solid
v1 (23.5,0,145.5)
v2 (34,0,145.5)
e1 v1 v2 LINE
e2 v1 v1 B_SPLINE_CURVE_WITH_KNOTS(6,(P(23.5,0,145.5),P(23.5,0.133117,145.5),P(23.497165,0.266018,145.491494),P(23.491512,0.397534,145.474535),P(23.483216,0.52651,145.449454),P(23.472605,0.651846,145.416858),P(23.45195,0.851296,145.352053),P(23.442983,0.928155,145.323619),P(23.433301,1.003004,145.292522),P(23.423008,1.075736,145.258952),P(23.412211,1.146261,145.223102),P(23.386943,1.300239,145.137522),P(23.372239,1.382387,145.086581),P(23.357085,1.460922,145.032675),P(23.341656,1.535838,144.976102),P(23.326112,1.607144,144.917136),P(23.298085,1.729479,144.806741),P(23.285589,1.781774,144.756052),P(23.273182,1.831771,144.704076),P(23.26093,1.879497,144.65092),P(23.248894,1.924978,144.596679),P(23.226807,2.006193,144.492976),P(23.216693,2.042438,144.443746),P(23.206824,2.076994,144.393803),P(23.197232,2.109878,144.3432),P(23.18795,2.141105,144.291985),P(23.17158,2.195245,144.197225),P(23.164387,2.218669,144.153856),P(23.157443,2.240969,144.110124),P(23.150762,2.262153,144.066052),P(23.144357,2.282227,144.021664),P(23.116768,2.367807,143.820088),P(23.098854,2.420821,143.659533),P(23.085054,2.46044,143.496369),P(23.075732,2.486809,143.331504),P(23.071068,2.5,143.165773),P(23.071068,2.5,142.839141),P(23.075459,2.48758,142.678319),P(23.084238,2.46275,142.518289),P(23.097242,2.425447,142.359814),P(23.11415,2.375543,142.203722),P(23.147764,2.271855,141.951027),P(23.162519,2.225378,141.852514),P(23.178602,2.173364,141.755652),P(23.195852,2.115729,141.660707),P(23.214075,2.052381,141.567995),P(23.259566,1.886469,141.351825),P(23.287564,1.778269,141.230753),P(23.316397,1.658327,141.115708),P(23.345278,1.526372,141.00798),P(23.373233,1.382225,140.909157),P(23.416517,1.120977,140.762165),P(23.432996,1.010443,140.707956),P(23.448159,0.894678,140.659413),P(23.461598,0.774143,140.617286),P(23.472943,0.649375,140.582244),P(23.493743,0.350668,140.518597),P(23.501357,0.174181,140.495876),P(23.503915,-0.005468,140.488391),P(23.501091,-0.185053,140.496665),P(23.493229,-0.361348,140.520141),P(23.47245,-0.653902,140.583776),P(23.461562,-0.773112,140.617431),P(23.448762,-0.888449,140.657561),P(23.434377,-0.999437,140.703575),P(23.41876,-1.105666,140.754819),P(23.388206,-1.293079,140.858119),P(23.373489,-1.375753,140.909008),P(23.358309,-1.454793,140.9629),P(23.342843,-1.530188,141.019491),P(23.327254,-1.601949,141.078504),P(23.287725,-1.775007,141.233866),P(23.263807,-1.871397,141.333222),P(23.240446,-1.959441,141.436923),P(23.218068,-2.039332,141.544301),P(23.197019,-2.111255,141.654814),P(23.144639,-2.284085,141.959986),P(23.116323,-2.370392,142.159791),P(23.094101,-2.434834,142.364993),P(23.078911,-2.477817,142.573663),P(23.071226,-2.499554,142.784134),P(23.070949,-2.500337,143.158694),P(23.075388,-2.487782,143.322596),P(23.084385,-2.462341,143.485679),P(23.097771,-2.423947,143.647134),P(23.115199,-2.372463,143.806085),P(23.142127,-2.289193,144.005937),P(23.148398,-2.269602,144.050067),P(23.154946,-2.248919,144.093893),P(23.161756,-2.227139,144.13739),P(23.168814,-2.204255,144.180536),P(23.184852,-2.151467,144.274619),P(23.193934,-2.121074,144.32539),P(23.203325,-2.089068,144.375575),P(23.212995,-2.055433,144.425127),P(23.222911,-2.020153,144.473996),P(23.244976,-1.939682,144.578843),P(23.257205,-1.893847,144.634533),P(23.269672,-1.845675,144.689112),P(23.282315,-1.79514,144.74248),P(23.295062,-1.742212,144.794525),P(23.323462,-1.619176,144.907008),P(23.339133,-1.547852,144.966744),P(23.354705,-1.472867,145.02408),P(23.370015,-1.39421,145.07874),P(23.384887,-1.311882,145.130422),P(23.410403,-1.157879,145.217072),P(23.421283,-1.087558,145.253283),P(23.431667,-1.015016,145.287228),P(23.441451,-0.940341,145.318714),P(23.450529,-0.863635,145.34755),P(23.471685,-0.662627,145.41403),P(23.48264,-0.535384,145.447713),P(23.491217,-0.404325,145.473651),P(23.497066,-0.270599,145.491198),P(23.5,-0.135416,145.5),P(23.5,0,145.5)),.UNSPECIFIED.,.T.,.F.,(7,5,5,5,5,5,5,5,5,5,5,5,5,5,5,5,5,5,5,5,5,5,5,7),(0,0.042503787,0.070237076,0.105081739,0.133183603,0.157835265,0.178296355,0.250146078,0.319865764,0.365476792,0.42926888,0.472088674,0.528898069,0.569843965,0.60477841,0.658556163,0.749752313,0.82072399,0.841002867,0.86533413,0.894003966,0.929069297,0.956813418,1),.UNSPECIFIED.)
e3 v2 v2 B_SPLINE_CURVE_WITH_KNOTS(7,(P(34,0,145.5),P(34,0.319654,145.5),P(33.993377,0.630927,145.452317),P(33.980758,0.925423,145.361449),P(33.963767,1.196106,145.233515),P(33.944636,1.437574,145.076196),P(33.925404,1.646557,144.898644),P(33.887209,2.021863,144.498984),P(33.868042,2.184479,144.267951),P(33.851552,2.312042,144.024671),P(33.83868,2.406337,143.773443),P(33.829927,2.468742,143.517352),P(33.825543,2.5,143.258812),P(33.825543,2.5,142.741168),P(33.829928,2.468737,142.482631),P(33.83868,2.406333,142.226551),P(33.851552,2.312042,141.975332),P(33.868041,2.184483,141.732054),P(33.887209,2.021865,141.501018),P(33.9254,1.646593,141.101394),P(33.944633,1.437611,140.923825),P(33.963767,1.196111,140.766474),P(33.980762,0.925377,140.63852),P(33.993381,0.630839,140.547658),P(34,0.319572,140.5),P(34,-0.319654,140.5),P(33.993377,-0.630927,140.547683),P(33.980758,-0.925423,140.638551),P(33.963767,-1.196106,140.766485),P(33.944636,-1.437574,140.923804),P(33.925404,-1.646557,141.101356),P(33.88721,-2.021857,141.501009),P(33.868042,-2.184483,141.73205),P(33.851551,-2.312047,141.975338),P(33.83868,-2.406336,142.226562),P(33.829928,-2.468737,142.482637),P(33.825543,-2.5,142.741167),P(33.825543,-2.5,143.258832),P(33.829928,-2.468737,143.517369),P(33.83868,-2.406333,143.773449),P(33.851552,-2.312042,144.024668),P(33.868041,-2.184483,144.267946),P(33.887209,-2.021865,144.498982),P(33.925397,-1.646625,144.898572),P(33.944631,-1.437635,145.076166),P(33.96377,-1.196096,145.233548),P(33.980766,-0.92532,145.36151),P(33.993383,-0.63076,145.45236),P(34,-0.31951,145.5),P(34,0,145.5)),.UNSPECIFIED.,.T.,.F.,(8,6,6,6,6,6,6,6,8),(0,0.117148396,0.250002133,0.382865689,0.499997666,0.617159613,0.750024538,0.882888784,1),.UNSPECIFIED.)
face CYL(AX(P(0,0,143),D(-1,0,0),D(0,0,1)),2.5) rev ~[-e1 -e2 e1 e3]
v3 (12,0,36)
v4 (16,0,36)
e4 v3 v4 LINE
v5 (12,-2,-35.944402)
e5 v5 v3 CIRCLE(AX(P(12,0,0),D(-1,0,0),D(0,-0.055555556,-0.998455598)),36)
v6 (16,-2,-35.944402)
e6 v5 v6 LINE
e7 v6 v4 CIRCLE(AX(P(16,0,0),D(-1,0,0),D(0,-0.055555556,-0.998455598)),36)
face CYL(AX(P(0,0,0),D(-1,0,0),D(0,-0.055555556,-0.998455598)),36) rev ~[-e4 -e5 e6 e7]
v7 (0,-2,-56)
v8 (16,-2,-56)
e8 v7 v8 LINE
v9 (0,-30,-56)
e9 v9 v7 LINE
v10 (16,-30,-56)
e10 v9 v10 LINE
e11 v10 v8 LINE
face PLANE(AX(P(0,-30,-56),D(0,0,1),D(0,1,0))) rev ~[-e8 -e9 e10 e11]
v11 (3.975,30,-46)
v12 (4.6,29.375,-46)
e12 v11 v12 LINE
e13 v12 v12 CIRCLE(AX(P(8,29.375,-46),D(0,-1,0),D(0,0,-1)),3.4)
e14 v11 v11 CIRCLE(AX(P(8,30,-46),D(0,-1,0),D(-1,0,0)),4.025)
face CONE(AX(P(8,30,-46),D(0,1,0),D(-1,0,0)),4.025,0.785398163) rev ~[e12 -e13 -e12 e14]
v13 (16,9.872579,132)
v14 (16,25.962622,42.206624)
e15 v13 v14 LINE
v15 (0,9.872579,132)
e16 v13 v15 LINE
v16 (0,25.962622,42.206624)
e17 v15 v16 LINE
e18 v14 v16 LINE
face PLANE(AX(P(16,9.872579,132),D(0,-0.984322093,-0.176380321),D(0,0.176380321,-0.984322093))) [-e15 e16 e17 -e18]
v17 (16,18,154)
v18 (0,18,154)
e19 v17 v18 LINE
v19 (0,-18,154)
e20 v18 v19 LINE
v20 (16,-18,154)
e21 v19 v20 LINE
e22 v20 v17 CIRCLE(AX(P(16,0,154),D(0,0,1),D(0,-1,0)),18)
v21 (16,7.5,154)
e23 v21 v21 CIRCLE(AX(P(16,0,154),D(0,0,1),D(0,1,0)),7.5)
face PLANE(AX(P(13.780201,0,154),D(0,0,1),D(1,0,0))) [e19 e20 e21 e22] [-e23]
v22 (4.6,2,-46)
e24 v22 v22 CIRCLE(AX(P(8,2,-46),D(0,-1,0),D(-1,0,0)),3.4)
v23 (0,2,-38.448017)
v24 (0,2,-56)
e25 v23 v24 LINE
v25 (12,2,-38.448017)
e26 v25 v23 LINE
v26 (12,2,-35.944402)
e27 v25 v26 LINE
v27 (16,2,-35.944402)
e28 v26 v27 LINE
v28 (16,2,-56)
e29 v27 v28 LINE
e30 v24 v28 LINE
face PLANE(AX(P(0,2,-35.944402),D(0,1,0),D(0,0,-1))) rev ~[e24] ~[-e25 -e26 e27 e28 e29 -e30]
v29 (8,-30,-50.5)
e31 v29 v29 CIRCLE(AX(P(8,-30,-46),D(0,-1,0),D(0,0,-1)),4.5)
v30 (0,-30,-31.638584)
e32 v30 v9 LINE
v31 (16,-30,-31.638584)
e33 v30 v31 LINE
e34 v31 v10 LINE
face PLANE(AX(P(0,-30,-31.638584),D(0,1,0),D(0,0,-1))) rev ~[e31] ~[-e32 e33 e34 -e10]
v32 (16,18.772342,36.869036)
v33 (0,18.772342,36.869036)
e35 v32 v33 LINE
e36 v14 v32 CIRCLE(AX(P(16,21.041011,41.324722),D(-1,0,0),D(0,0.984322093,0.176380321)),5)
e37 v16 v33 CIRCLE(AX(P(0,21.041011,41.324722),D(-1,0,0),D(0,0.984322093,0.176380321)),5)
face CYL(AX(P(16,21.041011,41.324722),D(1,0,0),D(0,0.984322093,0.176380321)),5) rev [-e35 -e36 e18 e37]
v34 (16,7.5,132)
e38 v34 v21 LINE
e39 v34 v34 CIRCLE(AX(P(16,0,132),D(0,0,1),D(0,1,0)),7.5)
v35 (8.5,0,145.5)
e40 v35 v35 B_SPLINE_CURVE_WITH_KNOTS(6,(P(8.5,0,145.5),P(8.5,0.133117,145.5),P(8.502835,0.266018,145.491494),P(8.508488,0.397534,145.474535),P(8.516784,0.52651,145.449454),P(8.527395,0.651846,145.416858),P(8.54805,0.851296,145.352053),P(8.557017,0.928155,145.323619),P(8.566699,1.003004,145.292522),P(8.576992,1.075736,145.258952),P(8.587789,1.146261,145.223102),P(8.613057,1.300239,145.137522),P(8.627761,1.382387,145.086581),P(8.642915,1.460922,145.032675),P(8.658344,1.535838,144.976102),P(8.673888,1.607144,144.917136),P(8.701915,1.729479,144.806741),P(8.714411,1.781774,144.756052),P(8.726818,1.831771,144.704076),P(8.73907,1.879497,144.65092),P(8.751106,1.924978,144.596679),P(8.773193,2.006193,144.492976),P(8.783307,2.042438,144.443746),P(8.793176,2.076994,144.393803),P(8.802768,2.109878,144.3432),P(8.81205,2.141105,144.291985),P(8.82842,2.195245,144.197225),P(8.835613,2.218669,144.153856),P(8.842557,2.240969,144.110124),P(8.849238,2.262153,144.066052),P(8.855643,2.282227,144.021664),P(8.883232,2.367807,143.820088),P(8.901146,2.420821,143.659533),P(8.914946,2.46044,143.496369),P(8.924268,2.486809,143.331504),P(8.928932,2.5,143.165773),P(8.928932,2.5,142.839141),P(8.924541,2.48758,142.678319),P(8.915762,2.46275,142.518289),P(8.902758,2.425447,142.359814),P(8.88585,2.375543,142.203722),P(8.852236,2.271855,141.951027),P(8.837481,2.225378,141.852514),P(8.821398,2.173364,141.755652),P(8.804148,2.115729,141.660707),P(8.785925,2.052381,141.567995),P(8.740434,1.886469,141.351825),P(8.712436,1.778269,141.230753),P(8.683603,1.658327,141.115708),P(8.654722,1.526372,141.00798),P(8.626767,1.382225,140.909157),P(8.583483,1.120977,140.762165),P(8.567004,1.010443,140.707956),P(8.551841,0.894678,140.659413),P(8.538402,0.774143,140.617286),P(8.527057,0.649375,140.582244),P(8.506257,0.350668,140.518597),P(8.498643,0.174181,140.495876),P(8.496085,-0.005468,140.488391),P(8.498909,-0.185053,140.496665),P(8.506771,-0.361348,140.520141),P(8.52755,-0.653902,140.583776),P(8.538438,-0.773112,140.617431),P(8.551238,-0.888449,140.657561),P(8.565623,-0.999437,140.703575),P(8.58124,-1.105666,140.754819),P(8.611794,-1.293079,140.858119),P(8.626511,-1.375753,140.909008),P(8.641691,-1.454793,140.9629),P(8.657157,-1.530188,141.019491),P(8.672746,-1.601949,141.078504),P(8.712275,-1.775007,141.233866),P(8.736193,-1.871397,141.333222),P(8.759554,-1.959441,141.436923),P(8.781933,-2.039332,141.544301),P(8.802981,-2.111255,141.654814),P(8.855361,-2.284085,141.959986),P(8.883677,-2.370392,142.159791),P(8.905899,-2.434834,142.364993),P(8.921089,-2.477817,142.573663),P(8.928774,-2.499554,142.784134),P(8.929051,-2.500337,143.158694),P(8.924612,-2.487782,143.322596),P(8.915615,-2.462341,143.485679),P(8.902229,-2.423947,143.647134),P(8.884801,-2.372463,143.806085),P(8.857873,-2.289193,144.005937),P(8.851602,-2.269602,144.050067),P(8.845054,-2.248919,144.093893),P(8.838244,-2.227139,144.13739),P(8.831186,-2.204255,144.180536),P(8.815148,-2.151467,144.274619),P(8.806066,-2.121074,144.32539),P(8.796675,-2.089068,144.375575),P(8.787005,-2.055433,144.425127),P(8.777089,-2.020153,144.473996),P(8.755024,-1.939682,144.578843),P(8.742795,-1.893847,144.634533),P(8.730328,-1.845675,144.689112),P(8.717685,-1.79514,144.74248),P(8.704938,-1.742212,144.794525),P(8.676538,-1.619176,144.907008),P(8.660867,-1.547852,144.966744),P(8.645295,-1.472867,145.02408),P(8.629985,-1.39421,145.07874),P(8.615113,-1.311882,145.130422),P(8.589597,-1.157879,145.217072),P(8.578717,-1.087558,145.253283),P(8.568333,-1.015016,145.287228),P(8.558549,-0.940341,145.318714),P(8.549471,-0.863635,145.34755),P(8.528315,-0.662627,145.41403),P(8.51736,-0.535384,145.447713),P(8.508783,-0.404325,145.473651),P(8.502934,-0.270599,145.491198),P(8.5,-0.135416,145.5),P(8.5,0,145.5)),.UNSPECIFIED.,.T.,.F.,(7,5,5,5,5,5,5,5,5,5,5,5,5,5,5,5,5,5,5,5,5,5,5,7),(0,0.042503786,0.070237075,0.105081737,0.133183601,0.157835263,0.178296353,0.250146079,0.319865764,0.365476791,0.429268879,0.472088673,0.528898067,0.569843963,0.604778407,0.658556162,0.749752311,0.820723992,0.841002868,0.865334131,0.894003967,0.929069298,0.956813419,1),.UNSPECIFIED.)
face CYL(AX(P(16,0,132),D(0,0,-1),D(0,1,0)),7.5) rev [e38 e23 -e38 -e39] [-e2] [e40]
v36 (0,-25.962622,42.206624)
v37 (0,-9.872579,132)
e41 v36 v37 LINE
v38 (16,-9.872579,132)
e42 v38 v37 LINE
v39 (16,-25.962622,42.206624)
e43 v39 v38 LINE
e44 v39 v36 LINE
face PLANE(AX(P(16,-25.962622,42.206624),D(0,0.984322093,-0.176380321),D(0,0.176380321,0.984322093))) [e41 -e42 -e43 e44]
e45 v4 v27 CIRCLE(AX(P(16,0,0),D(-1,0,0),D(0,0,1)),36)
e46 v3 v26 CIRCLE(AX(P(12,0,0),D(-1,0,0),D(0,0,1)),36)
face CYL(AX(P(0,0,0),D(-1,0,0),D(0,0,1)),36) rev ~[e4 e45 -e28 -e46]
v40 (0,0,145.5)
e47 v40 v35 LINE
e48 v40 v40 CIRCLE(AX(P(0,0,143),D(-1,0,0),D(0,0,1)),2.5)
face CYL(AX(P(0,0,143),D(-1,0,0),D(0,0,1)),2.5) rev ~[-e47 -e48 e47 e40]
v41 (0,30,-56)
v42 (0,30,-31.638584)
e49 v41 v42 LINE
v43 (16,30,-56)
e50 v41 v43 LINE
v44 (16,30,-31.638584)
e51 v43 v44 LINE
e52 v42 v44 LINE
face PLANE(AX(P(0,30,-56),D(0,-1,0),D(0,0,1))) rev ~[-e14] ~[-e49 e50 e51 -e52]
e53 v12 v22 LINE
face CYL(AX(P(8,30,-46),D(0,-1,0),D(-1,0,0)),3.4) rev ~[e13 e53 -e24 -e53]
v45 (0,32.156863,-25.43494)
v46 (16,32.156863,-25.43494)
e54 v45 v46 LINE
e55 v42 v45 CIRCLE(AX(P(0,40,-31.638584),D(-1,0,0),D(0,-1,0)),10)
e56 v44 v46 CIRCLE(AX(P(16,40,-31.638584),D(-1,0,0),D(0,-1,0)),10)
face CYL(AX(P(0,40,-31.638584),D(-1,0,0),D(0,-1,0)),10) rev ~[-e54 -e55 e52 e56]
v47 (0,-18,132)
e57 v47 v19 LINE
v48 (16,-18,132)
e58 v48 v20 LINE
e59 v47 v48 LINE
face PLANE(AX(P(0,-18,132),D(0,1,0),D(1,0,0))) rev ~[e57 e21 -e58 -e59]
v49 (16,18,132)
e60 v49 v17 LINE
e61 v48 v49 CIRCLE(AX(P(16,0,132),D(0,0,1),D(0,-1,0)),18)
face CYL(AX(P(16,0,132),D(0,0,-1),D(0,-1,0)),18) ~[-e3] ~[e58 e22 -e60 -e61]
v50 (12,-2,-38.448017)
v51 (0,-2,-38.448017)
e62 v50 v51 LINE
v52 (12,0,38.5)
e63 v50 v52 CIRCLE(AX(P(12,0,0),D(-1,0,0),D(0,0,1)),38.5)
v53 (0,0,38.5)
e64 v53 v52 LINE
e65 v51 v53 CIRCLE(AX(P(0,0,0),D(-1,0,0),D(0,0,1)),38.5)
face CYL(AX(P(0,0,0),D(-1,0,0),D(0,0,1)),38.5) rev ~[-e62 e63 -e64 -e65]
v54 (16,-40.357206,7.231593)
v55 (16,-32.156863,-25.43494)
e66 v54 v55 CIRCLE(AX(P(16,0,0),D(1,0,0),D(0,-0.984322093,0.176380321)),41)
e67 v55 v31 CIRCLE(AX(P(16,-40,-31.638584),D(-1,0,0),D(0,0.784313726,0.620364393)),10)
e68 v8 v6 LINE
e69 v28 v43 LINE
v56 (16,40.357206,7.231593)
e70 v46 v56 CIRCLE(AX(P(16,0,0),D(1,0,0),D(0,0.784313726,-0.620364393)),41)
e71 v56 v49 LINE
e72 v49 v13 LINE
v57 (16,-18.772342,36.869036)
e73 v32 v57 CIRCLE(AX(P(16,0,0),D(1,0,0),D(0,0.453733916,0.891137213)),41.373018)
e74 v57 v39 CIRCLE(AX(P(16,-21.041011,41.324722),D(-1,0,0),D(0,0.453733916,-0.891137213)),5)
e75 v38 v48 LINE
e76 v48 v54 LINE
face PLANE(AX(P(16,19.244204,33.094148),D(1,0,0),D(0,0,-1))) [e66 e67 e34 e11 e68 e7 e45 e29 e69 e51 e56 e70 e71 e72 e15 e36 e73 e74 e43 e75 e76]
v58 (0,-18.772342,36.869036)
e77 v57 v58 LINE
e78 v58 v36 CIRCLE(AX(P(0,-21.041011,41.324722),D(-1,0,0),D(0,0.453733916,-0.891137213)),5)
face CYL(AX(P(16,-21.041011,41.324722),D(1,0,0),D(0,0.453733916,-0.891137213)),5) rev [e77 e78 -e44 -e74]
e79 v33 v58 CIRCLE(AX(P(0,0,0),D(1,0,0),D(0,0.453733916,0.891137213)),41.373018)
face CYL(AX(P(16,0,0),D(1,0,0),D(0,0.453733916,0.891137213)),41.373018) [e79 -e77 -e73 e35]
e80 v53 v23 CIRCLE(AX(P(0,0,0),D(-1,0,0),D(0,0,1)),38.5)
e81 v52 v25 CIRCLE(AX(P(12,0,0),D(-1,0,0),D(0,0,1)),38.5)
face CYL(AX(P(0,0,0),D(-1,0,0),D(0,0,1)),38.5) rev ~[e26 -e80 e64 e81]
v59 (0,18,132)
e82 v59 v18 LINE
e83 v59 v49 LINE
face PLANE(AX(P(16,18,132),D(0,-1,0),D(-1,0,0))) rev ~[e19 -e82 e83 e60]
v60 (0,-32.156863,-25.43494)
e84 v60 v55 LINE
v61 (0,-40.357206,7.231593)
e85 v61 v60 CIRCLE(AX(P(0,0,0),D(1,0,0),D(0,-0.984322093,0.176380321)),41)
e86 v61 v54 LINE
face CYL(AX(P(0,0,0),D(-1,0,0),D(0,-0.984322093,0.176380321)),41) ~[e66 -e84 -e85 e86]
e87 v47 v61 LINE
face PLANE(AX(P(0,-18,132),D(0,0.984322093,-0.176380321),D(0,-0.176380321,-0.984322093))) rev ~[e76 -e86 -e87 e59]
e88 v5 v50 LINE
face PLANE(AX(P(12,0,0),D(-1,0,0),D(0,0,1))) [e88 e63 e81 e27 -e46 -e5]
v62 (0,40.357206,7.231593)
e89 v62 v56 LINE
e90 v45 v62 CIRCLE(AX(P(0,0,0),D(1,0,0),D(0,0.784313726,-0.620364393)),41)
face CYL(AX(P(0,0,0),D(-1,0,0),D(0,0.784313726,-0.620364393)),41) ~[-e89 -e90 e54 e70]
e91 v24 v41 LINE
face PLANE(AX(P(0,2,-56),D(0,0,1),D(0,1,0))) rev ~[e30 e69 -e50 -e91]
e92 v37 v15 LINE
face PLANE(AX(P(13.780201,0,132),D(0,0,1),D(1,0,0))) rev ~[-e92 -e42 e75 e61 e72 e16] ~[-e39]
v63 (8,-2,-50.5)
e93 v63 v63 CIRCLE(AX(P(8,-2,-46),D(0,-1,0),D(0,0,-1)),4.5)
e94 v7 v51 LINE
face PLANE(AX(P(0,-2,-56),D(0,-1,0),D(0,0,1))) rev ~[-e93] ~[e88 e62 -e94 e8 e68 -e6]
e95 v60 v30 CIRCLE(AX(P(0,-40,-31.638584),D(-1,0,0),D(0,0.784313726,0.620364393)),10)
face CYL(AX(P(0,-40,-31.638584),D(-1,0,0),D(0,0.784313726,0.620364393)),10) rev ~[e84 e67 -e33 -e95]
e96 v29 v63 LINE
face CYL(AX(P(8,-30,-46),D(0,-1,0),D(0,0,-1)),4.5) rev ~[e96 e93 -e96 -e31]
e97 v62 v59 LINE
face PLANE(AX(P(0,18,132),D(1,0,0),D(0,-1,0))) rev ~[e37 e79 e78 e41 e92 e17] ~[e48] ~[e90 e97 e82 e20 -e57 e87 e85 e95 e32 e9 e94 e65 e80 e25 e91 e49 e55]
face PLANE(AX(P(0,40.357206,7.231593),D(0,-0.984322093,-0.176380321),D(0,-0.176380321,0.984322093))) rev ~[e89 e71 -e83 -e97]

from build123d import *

# Parameters (mm, degrees)
EXTRUDE_1_DEPTH              = 16
SKETCH_3_R                   = 7.5
EXTRUDE_2_DEPTH              = 22
SKETCH_4_R                   = 38.5
CUT_EXTRUDE_1_DEPTH          = 12
CUT_EXTRUDE_2_DEPTH          = 16
CUT_EXTRUDE_3_REACH          = 164.951
CUT_EXTRUDE_3_END_RADIUS     = 18
SKETCH_6_R                   = 2.5
SKETCH_7_R                   = 4.5
CUT_EXTRUDE_4_DEPTH          = 28
HOLE_WIZARD_M8_1_D           = 6.8
HOLE_WIZARD_M8_1_CSINK_D     = 8.05
HOLE_WIZARD_M8_1_CSINK_ANGLE = 90


with BuildPart() as part:
    # 草图1 → 凸台-拉伸1 (new body)
    with BuildSketch(Plane(origin=(0, 0, 0), x_dir=(0, 0, -1), z_dir=(1, 0, 0))):
        with BuildLine():
            Line((-132, 0), (-36, 0))
            ThreePointArc((-36, 0), (-1.000386324, 35.986097693), (35.944401511, 2))
            Line((35.944401511, 2), (56, 2))
            Line((56, 2), (56, 30))
            Line((56, 30), (31.638584039, 30))
            ThreePointArc((31.638584039, 30), (28.354636152, 30.554594436), (25.43494011, 32.156862745))
            ThreePointArc((25.43494011, 32.156862745), (9.982578161, 39.766168199), (-7.231593148, 40.357205807))
            Line((-7.231593148, 40.357205807), (-132, 18))
            Line((-132, 18), (-132, 0))
        make_face()
        with BuildLine():
            ThreePointArc((35.944401511, -2), (-1.000386324, -35.986097693), (-36, 0))
            Line((-36, 0), (-132, 0))
            Line((-132, 0), (-132, -18))
            Line((-132, -18), (-7.231593148, -40.357205807))
            ThreePointArc((-7.231593148, -40.357205807), (9.982578161, -39.766168199), (25.43494011, -32.156862745))
            ThreePointArc((25.43494011, -32.156862745), (28.354636152, -30.554594436), (31.638584039, -30))
            Line((31.638584039, -30), (56, -30))
            Line((56, -30), (56, -2))
            Line((56, -2), (35.944401511, -2))
        make_face()
    extrude(amount=EXTRUDE_1_DEPTH)

    # 草图3 → 凸台-拉伸2 (add)
    with BuildSketch(Plane.XY.offset(132)):
        with BuildLine():
            Line((16, 18), (0, 18))
            Line((0, 18), (0, -18))
            Line((0, -18), (16, -18))
            ThreePointArc((16, -18), (34, 0), (16, 18))
        make_face()
        with Locations(Location((16, 0, 0), (0, 0, 90))):
            Circle(SKETCH_3_R, mode=Mode.SUBTRACT)
    extrude(amount=EXTRUDE_2_DEPTH)

    # 草图4 → 切除-拉伸1 (cut)
    with BuildSketch(Plane.ZY):
        Circle(SKETCH_4_R)
    extrude(amount=-CUT_EXTRUDE_1_DEPTH, mode=Mode.SUBTRACT)

    # 草图5 → 切除-拉伸2 (cut)
    with BuildSketch(Plane(origin=(16, 0, 0), x_dir=(0, 0, -1), z_dir=(1, 0, 0))):
        with BuildLine():
            Line((-132, -9.872579049), (-132, 9.872579049))
            Line((-132, 9.872579049), (-42.206623977, 25.962621701))
            ThreePointArc((-42.206623977, 25.962621701), (-37.309997522, 24.021277058), (-36.869036306, 18.772341655))
            ThreePointArc((-36.869036306, 18.772341655), (-41.373018374, 0), (-36.869036306, -18.772341655))
            ThreePointArc((-36.869036306, -18.772341655), (-37.309997522, -24.021277058), (-42.206623977, -25.962621701))
            Line((-42.206623977, -25.962621701), (-132, -9.872579049))
        make_face()
    extrude(amount=-CUT_EXTRUDE_2_DEPTH, mode=Mode.SUBTRACT)

    # 切除-拉伸3: up to this cylinder (the profile starts inside it)
    cut_extrude_3_end = Plane(origin=(16, 0, 143), z_dir=(0, 0, -1)) * Cylinder(CUT_EXTRUDE_3_END_RADIUS, 366.902, mode=Mode.PRIVATE)
    # 草图6 → 切除-拉伸3 (cut, up to the surface)
    with BuildSketch(Plane.ZY, mode=Mode.PRIVATE) as cut_extrude_3_sk1:
        with Locations((143, 0)):
            Circle(SKETCH_6_R)
    cut_extrude_3_tool1 = extrude(cut_extrude_3_sk1.sketch, amount=-CUT_EXTRUDE_3_REACH, mode=Mode.PRIVATE) & cut_extrude_3_end
    add(cut_extrude_3_tool1.solids().sort_by_distance((0, 0, 143))[0], mode=Mode.SUBTRACT)

    # 草图7 → 切除-拉伸4 (cut)
    with BuildSketch(Plane.XZ.offset(30)):
        with Locations(Location((8, -46, 0), (0, 0, 270))):
            Circle(SKETCH_7_R)
    extrude(amount=-CUT_EXTRUDE_4_DEPTH, mode=Mode.SUBTRACT)

    # M8 螺纹孔1 (through all)
    with Locations(Plane(origin=(0, 30, 0), x_dir=(1, 0, 0), z_dir=(0, 1, 0))):
        with Locations((8, 46)):
            CounterSinkHole(HOLE_WIZARD_M8_1_D / 2, HOLE_WIZARD_M8_1_CSINK_D / 2, counter_sink_angle=HOLE_WIZARD_M8_1_CSINK_ANGLE)


solid = part.part
